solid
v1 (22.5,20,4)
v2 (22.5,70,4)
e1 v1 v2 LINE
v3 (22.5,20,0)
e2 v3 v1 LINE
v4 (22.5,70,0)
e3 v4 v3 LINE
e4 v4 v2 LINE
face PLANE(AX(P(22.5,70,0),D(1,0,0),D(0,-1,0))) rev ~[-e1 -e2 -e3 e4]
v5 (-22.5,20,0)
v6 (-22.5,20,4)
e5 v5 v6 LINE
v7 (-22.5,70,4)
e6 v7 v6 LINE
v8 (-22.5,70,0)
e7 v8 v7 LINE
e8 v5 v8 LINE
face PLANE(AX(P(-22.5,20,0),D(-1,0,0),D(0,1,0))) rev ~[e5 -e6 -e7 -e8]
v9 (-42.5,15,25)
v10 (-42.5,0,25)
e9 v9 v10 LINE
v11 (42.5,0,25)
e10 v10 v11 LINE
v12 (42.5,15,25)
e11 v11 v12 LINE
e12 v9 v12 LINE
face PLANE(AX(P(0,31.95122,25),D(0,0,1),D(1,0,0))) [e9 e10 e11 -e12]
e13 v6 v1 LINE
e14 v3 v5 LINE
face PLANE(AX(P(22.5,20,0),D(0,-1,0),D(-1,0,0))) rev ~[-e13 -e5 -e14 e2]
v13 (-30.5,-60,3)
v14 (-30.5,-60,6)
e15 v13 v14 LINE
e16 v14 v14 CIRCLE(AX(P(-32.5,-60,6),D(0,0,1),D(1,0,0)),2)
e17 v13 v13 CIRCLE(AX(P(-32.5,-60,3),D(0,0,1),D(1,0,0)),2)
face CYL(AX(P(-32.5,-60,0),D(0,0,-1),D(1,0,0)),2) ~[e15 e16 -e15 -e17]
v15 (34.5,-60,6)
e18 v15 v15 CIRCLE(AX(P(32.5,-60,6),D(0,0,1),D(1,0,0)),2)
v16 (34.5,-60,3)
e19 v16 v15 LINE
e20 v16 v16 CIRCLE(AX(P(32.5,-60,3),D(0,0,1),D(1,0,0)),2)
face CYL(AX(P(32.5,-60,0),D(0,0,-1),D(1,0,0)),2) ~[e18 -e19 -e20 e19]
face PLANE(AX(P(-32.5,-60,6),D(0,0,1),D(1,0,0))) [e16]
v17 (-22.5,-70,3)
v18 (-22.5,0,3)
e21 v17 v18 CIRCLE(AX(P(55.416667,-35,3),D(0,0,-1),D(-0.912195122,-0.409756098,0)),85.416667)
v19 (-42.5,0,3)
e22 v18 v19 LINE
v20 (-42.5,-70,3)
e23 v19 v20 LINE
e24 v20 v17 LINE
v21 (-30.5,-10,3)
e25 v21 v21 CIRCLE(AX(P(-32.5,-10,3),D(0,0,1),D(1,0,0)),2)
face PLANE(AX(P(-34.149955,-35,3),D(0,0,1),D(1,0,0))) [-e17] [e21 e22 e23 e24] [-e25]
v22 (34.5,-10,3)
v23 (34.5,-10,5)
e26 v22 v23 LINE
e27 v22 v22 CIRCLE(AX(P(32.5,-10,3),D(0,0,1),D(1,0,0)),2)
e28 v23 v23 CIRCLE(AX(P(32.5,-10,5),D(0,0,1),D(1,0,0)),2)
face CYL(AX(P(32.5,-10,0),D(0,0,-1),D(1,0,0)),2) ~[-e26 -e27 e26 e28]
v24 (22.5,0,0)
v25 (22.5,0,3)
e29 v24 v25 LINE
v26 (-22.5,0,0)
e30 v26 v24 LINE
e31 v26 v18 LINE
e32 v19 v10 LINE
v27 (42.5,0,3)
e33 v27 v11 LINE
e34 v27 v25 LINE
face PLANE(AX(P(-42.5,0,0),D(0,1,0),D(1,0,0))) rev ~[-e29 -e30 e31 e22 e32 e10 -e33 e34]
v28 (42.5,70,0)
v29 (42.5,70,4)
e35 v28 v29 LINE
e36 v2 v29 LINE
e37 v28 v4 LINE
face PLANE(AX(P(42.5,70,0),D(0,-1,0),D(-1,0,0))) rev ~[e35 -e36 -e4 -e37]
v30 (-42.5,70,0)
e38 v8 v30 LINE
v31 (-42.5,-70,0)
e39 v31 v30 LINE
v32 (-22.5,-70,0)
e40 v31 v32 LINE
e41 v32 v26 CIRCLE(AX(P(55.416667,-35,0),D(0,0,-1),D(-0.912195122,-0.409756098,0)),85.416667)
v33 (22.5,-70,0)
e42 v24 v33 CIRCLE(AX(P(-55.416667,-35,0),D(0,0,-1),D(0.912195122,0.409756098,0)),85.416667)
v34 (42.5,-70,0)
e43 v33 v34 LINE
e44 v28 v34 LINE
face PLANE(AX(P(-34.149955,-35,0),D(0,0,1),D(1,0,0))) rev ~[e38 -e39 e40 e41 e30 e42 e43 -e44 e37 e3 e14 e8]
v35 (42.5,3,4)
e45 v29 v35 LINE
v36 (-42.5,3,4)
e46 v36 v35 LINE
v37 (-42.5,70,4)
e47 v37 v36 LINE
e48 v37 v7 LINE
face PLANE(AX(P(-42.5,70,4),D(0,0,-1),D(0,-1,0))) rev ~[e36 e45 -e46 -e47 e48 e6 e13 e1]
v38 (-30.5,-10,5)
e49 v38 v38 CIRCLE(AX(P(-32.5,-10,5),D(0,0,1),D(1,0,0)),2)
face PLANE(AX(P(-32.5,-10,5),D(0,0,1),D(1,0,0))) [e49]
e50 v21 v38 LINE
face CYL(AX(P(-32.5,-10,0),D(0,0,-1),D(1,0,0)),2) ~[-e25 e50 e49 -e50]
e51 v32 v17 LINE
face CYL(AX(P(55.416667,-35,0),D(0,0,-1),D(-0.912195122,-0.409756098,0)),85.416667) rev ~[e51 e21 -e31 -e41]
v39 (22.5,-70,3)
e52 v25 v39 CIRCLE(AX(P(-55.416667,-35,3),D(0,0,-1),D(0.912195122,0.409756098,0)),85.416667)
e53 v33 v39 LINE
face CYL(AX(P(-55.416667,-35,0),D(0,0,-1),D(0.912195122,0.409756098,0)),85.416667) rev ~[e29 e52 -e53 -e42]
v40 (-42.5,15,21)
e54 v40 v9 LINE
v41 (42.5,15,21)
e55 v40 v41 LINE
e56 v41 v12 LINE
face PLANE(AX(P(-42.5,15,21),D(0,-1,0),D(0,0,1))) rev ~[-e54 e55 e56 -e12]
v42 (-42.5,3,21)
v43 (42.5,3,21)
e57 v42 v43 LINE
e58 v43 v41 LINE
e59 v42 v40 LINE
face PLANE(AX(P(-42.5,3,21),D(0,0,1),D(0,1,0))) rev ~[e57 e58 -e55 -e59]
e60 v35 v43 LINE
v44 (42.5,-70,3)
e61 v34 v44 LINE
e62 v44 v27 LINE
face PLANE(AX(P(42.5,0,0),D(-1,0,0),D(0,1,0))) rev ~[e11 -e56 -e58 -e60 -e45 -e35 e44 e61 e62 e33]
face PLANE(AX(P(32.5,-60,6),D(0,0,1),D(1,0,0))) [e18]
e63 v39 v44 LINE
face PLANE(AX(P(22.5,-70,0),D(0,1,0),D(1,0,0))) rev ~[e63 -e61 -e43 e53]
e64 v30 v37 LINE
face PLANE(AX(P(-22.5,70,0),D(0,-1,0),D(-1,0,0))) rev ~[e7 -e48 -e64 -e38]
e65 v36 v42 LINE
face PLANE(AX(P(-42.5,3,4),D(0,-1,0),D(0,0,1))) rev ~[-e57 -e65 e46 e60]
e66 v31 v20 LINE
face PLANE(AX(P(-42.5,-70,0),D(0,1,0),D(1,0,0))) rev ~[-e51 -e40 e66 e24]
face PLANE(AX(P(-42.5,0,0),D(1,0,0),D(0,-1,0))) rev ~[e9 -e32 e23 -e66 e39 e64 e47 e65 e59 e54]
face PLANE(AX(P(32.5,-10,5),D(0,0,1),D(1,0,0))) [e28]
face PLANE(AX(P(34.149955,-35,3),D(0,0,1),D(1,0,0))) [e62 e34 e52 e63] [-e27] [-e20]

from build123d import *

# Parameters (mm, degrees)
F1_DEPTH = 25
F0_R     = 2
F2_DEPTH = 3
F3_DEPTH = 5
F4_W     = 55
F4_H     = 4
F5_DEPTH = 85.001
F6_DEPTH = 6


with BuildPart() as f1:
    # F0 (on Top) → F1 (new body)
    with BuildSketch(Plane.XY):
        Polygon((-42.5, 0), (-22.5, 0), (22.5, 0), (42.5, 0), (42.5, 70), (22.5, 70), (22.5, 20), (0, 20), (-22.5, 20), (-22.5, 70), (-42.5, 70), align=None)
    extrude(amount=F1_DEPTH)

    # F0 (on Top) → F2 (join)
    with BuildSketch(Plane.XY):
        with BuildLine():
            ThreePointArc((-22.5, -70), (-30, -35), (-22.5, 0))
            Line((-22.5, 0), (-42.5, 0))
            Line((-42.5, 0), (-42.5, -70))
            Line((-42.5, -70), (-22.5, -70))
        make_face()
        with Locations((-32.5, -60)):
            Circle(F0_R, mode=Mode.SUBTRACT)
        with Locations((-32.5, -10)):
            Circle(F0_R, mode=Mode.SUBTRACT)
        with BuildLine():
            Line((42.5, 0), (22.5, 0))
            ThreePointArc((22.5, 0), (30, -35), (22.5, -70))
            Line((22.5, -70), (42.5, -70))
            Line((42.5, -70), (42.5, 0))
        make_face()
        with Locations((32.5, -60)):
            Circle(F0_R, mode=Mode.SUBTRACT)
        with Locations((32.5, -10)):
            Circle(F0_R, mode=Mode.SUBTRACT)
    extrude(amount=F2_DEPTH)

    # F0 (on Top) → F3 (join)
    with BuildSketch(Plane.XY):
        with Locations((-32.5, -10)):
            Circle(F0_R)
        with Locations((32.5, -10)):
            Circle(F0_R)
    extrude(amount=F3_DEPTH)

    # F4 (on face) → F5 (cut, through all)
    with BuildSketch(Plane(origin=(-42.5, 0, 0), x_dir=(0, -1, 0), z_dir=(-1, 0, 0))):
        Polygon((-15, 21), (-70, 21), (-70, 4), (-3, 4), (-3, 21), align=None)
        with Locations((-42.5, 23)):
            Rectangle(F4_W, F4_H)
    extrude(amount=-F5_DEPTH, mode=Mode.SUBTRACT)

    # F0 (on Top) → F6 (join)
    with BuildSketch(Plane.XY):
        with Locations((-32.5, -60)):
            Circle(F0_R)
        with Locations((32.5, -60)):
            Circle(F0_R)
    extrude(amount=F6_DEPTH)


solid = f1.part
